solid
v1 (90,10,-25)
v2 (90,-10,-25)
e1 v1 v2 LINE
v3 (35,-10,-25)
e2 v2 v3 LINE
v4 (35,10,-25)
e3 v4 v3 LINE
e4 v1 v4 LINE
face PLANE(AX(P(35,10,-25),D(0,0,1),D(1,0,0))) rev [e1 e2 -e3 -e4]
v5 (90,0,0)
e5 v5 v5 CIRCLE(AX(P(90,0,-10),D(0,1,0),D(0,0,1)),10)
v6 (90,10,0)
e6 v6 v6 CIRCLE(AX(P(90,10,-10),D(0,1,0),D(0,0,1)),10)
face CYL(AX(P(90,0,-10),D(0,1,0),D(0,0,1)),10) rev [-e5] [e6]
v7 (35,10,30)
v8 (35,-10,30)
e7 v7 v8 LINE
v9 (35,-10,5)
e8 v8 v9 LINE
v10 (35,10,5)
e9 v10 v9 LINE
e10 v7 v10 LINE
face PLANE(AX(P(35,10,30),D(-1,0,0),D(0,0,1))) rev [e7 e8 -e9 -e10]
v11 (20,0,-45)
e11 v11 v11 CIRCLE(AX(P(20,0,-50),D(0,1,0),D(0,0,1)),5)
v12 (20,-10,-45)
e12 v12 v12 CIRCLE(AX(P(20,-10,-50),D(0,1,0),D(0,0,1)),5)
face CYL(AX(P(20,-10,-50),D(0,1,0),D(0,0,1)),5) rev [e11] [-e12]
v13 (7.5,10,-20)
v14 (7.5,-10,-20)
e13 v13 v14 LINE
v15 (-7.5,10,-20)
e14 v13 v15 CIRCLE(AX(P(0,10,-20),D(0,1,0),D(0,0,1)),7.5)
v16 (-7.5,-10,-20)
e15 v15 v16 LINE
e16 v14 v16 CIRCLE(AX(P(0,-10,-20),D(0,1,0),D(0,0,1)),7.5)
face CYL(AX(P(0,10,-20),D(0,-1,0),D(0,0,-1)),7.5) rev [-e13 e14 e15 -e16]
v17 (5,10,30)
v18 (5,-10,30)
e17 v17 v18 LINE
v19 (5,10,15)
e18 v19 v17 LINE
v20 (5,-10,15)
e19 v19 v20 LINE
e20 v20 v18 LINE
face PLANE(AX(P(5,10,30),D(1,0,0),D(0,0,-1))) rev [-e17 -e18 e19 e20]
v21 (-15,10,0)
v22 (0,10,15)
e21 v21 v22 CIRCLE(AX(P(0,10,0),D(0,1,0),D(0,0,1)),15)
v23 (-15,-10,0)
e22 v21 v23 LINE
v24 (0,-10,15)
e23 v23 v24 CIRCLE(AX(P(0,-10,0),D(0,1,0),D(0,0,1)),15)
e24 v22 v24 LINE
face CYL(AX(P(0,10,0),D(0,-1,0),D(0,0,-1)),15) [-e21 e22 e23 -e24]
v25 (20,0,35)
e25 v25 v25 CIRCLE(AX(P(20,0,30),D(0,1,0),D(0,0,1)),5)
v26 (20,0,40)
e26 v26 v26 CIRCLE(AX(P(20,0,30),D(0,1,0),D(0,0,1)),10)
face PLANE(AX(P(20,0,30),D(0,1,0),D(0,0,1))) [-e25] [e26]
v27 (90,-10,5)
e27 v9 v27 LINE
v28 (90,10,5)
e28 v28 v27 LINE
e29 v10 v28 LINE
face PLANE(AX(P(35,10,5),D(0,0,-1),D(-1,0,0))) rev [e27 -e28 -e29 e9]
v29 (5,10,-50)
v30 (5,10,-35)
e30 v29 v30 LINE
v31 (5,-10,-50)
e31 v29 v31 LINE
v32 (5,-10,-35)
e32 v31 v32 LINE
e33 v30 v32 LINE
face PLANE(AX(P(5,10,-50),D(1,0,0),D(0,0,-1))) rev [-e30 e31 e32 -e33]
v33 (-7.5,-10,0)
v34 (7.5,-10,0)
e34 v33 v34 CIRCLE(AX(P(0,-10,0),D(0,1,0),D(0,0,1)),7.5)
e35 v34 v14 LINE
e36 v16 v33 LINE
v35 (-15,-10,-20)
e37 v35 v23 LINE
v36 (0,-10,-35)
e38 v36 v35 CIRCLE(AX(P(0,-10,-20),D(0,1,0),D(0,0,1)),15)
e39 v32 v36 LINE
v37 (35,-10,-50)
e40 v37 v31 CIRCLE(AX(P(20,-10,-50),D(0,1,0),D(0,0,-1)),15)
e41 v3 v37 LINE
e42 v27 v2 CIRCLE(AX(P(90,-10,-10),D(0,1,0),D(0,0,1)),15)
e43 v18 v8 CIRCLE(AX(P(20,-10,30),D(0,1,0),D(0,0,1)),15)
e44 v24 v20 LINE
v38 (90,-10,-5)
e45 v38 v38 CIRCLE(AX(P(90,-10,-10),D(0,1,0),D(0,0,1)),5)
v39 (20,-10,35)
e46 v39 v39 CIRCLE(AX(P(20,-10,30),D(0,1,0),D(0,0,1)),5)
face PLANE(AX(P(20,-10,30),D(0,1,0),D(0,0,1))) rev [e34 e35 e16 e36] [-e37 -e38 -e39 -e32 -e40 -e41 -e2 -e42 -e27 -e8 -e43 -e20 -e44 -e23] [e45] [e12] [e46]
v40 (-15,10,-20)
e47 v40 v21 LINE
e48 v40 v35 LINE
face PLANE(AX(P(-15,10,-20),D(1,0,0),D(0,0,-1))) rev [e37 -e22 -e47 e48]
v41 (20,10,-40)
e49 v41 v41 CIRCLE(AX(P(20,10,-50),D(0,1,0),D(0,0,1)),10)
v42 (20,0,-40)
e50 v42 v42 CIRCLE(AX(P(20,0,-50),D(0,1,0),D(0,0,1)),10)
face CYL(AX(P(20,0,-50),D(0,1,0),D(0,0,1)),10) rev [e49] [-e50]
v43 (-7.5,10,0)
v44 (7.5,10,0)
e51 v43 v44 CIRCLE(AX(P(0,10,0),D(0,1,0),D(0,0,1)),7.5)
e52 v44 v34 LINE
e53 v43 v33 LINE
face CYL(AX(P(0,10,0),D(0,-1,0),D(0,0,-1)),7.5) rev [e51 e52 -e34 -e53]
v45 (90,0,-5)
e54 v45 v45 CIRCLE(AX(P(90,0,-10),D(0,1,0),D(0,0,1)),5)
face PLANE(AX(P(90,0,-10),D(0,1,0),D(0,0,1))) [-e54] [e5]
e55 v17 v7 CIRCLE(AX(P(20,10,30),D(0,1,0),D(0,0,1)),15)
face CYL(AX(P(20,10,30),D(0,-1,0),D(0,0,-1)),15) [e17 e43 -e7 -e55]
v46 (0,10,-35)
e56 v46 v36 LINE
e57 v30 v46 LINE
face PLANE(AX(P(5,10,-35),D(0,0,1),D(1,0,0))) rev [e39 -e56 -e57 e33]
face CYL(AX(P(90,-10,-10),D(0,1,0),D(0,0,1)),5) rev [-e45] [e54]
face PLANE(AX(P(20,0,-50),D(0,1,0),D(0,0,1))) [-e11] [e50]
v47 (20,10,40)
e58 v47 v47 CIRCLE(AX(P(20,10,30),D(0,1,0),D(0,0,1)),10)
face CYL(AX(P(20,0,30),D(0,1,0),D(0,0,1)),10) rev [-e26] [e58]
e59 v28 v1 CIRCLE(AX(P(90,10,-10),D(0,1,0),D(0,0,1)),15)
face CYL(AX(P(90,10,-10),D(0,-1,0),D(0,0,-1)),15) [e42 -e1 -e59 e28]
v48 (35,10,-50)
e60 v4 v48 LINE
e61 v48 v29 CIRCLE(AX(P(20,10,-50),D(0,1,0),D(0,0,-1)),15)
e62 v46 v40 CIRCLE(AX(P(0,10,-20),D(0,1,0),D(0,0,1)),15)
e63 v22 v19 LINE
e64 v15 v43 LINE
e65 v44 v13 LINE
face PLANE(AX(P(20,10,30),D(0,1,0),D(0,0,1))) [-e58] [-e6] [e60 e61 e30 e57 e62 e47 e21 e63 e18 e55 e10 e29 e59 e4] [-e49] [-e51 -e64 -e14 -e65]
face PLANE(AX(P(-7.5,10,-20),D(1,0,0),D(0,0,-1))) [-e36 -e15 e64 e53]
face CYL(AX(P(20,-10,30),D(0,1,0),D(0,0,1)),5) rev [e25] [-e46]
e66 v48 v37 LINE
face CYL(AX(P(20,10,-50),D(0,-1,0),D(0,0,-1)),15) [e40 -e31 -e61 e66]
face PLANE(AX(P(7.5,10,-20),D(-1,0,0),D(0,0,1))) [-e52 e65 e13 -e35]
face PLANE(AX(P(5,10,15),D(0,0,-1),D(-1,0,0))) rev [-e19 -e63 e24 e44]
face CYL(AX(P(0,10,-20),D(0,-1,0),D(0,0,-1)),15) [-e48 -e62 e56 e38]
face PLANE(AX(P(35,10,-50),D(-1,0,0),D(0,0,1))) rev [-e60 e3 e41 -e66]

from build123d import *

# Parameters (mm, degrees)
BOSS_EXTRUDE2_DEPTH = 10
SKETCH3_R           = 10
CUT_EXTRUDE1_DEPTH  = 10
SKETCH4_R           = 5
CUT_EXTRUDE2_DEPTH  = 21


with BuildPart() as part:
    # Sketch2 → Boss-Extrude2 (new body, symmetric)
    with BuildSketch(Plane(origin=(0, 0, 0), x_dir=(1, 0, 0), z_dir=(0, 1, 0))):
        with BuildLine():
            Line((5, -30), (5, -15))
            Line((5, -15), (0, -15))
            ThreePointArc((0, -15), (-10.606601718, -10.606601718), (-15, 0))
            Line((-15, 0), (-15, 20))
            ThreePointArc((-15, 20), (-10.606601718, 30.606601718), (0, 35))
            Line((0, 35), (5, 35))
            Line((5, 35), (5, 50))
            ThreePointArc((5, 50), (20, 65), (35, 50))
            Line((35, 50), (35, 25))
            Line((35, 25), (90, 25))
            ThreePointArc((90, 25), (105, 10), (90, -5))
            Line((90, -5), (35, -5))
            Line((35, -5), (35, -30))
            ThreePointArc((35, -30), (20, -45), (5, -30))
        make_face()
        with BuildLine():
            Line((7.5, 20), (7.5, 0))
            ThreePointArc((7.5, 0), (0, -7.5), (-7.5, 0))
            Line((-7.5, 0), (-7.5, 20))
            ThreePointArc((-7.5, 20), (0, 27.5), (7.5, 20))
        make_face(mode=Mode.SUBTRACT)
    extrude(amount=BOSS_EXTRUDE2_DEPTH, both=True)

    # Sketch3 → Cut-Extrude1 (cut)
    with BuildSketch(Plane(origin=(0, 10, 0), x_dir=(1, 0, 0), z_dir=(0, 1, 0))):
        with Locations((90, 10)):
            Circle(SKETCH3_R)
        with Locations((20, 50)):
            Circle(SKETCH3_R)
        with Locations((20, -30)):
            Circle(SKETCH3_R)
    extrude(amount=-CUT_EXTRUDE1_DEPTH, mode=Mode.SUBTRACT)

    # Sketch4 → Cut-Extrude2 (cut, through all)
    with BuildSketch(Plane(origin=(0, 10, 0), x_dir=(1, 0, 0), z_dir=(0, 1, 0))):
        with Locations((20, 50)):
            Circle(SKETCH4_R)
        with Locations((20, -30)):
            Circle(SKETCH4_R)
        with Locations((90, 10)):
            Circle(SKETCH4_R)
    extrude(amount=-CUT_EXTRUDE2_DEPTH, mode=Mode.SUBTRACT)


solid = part.part
